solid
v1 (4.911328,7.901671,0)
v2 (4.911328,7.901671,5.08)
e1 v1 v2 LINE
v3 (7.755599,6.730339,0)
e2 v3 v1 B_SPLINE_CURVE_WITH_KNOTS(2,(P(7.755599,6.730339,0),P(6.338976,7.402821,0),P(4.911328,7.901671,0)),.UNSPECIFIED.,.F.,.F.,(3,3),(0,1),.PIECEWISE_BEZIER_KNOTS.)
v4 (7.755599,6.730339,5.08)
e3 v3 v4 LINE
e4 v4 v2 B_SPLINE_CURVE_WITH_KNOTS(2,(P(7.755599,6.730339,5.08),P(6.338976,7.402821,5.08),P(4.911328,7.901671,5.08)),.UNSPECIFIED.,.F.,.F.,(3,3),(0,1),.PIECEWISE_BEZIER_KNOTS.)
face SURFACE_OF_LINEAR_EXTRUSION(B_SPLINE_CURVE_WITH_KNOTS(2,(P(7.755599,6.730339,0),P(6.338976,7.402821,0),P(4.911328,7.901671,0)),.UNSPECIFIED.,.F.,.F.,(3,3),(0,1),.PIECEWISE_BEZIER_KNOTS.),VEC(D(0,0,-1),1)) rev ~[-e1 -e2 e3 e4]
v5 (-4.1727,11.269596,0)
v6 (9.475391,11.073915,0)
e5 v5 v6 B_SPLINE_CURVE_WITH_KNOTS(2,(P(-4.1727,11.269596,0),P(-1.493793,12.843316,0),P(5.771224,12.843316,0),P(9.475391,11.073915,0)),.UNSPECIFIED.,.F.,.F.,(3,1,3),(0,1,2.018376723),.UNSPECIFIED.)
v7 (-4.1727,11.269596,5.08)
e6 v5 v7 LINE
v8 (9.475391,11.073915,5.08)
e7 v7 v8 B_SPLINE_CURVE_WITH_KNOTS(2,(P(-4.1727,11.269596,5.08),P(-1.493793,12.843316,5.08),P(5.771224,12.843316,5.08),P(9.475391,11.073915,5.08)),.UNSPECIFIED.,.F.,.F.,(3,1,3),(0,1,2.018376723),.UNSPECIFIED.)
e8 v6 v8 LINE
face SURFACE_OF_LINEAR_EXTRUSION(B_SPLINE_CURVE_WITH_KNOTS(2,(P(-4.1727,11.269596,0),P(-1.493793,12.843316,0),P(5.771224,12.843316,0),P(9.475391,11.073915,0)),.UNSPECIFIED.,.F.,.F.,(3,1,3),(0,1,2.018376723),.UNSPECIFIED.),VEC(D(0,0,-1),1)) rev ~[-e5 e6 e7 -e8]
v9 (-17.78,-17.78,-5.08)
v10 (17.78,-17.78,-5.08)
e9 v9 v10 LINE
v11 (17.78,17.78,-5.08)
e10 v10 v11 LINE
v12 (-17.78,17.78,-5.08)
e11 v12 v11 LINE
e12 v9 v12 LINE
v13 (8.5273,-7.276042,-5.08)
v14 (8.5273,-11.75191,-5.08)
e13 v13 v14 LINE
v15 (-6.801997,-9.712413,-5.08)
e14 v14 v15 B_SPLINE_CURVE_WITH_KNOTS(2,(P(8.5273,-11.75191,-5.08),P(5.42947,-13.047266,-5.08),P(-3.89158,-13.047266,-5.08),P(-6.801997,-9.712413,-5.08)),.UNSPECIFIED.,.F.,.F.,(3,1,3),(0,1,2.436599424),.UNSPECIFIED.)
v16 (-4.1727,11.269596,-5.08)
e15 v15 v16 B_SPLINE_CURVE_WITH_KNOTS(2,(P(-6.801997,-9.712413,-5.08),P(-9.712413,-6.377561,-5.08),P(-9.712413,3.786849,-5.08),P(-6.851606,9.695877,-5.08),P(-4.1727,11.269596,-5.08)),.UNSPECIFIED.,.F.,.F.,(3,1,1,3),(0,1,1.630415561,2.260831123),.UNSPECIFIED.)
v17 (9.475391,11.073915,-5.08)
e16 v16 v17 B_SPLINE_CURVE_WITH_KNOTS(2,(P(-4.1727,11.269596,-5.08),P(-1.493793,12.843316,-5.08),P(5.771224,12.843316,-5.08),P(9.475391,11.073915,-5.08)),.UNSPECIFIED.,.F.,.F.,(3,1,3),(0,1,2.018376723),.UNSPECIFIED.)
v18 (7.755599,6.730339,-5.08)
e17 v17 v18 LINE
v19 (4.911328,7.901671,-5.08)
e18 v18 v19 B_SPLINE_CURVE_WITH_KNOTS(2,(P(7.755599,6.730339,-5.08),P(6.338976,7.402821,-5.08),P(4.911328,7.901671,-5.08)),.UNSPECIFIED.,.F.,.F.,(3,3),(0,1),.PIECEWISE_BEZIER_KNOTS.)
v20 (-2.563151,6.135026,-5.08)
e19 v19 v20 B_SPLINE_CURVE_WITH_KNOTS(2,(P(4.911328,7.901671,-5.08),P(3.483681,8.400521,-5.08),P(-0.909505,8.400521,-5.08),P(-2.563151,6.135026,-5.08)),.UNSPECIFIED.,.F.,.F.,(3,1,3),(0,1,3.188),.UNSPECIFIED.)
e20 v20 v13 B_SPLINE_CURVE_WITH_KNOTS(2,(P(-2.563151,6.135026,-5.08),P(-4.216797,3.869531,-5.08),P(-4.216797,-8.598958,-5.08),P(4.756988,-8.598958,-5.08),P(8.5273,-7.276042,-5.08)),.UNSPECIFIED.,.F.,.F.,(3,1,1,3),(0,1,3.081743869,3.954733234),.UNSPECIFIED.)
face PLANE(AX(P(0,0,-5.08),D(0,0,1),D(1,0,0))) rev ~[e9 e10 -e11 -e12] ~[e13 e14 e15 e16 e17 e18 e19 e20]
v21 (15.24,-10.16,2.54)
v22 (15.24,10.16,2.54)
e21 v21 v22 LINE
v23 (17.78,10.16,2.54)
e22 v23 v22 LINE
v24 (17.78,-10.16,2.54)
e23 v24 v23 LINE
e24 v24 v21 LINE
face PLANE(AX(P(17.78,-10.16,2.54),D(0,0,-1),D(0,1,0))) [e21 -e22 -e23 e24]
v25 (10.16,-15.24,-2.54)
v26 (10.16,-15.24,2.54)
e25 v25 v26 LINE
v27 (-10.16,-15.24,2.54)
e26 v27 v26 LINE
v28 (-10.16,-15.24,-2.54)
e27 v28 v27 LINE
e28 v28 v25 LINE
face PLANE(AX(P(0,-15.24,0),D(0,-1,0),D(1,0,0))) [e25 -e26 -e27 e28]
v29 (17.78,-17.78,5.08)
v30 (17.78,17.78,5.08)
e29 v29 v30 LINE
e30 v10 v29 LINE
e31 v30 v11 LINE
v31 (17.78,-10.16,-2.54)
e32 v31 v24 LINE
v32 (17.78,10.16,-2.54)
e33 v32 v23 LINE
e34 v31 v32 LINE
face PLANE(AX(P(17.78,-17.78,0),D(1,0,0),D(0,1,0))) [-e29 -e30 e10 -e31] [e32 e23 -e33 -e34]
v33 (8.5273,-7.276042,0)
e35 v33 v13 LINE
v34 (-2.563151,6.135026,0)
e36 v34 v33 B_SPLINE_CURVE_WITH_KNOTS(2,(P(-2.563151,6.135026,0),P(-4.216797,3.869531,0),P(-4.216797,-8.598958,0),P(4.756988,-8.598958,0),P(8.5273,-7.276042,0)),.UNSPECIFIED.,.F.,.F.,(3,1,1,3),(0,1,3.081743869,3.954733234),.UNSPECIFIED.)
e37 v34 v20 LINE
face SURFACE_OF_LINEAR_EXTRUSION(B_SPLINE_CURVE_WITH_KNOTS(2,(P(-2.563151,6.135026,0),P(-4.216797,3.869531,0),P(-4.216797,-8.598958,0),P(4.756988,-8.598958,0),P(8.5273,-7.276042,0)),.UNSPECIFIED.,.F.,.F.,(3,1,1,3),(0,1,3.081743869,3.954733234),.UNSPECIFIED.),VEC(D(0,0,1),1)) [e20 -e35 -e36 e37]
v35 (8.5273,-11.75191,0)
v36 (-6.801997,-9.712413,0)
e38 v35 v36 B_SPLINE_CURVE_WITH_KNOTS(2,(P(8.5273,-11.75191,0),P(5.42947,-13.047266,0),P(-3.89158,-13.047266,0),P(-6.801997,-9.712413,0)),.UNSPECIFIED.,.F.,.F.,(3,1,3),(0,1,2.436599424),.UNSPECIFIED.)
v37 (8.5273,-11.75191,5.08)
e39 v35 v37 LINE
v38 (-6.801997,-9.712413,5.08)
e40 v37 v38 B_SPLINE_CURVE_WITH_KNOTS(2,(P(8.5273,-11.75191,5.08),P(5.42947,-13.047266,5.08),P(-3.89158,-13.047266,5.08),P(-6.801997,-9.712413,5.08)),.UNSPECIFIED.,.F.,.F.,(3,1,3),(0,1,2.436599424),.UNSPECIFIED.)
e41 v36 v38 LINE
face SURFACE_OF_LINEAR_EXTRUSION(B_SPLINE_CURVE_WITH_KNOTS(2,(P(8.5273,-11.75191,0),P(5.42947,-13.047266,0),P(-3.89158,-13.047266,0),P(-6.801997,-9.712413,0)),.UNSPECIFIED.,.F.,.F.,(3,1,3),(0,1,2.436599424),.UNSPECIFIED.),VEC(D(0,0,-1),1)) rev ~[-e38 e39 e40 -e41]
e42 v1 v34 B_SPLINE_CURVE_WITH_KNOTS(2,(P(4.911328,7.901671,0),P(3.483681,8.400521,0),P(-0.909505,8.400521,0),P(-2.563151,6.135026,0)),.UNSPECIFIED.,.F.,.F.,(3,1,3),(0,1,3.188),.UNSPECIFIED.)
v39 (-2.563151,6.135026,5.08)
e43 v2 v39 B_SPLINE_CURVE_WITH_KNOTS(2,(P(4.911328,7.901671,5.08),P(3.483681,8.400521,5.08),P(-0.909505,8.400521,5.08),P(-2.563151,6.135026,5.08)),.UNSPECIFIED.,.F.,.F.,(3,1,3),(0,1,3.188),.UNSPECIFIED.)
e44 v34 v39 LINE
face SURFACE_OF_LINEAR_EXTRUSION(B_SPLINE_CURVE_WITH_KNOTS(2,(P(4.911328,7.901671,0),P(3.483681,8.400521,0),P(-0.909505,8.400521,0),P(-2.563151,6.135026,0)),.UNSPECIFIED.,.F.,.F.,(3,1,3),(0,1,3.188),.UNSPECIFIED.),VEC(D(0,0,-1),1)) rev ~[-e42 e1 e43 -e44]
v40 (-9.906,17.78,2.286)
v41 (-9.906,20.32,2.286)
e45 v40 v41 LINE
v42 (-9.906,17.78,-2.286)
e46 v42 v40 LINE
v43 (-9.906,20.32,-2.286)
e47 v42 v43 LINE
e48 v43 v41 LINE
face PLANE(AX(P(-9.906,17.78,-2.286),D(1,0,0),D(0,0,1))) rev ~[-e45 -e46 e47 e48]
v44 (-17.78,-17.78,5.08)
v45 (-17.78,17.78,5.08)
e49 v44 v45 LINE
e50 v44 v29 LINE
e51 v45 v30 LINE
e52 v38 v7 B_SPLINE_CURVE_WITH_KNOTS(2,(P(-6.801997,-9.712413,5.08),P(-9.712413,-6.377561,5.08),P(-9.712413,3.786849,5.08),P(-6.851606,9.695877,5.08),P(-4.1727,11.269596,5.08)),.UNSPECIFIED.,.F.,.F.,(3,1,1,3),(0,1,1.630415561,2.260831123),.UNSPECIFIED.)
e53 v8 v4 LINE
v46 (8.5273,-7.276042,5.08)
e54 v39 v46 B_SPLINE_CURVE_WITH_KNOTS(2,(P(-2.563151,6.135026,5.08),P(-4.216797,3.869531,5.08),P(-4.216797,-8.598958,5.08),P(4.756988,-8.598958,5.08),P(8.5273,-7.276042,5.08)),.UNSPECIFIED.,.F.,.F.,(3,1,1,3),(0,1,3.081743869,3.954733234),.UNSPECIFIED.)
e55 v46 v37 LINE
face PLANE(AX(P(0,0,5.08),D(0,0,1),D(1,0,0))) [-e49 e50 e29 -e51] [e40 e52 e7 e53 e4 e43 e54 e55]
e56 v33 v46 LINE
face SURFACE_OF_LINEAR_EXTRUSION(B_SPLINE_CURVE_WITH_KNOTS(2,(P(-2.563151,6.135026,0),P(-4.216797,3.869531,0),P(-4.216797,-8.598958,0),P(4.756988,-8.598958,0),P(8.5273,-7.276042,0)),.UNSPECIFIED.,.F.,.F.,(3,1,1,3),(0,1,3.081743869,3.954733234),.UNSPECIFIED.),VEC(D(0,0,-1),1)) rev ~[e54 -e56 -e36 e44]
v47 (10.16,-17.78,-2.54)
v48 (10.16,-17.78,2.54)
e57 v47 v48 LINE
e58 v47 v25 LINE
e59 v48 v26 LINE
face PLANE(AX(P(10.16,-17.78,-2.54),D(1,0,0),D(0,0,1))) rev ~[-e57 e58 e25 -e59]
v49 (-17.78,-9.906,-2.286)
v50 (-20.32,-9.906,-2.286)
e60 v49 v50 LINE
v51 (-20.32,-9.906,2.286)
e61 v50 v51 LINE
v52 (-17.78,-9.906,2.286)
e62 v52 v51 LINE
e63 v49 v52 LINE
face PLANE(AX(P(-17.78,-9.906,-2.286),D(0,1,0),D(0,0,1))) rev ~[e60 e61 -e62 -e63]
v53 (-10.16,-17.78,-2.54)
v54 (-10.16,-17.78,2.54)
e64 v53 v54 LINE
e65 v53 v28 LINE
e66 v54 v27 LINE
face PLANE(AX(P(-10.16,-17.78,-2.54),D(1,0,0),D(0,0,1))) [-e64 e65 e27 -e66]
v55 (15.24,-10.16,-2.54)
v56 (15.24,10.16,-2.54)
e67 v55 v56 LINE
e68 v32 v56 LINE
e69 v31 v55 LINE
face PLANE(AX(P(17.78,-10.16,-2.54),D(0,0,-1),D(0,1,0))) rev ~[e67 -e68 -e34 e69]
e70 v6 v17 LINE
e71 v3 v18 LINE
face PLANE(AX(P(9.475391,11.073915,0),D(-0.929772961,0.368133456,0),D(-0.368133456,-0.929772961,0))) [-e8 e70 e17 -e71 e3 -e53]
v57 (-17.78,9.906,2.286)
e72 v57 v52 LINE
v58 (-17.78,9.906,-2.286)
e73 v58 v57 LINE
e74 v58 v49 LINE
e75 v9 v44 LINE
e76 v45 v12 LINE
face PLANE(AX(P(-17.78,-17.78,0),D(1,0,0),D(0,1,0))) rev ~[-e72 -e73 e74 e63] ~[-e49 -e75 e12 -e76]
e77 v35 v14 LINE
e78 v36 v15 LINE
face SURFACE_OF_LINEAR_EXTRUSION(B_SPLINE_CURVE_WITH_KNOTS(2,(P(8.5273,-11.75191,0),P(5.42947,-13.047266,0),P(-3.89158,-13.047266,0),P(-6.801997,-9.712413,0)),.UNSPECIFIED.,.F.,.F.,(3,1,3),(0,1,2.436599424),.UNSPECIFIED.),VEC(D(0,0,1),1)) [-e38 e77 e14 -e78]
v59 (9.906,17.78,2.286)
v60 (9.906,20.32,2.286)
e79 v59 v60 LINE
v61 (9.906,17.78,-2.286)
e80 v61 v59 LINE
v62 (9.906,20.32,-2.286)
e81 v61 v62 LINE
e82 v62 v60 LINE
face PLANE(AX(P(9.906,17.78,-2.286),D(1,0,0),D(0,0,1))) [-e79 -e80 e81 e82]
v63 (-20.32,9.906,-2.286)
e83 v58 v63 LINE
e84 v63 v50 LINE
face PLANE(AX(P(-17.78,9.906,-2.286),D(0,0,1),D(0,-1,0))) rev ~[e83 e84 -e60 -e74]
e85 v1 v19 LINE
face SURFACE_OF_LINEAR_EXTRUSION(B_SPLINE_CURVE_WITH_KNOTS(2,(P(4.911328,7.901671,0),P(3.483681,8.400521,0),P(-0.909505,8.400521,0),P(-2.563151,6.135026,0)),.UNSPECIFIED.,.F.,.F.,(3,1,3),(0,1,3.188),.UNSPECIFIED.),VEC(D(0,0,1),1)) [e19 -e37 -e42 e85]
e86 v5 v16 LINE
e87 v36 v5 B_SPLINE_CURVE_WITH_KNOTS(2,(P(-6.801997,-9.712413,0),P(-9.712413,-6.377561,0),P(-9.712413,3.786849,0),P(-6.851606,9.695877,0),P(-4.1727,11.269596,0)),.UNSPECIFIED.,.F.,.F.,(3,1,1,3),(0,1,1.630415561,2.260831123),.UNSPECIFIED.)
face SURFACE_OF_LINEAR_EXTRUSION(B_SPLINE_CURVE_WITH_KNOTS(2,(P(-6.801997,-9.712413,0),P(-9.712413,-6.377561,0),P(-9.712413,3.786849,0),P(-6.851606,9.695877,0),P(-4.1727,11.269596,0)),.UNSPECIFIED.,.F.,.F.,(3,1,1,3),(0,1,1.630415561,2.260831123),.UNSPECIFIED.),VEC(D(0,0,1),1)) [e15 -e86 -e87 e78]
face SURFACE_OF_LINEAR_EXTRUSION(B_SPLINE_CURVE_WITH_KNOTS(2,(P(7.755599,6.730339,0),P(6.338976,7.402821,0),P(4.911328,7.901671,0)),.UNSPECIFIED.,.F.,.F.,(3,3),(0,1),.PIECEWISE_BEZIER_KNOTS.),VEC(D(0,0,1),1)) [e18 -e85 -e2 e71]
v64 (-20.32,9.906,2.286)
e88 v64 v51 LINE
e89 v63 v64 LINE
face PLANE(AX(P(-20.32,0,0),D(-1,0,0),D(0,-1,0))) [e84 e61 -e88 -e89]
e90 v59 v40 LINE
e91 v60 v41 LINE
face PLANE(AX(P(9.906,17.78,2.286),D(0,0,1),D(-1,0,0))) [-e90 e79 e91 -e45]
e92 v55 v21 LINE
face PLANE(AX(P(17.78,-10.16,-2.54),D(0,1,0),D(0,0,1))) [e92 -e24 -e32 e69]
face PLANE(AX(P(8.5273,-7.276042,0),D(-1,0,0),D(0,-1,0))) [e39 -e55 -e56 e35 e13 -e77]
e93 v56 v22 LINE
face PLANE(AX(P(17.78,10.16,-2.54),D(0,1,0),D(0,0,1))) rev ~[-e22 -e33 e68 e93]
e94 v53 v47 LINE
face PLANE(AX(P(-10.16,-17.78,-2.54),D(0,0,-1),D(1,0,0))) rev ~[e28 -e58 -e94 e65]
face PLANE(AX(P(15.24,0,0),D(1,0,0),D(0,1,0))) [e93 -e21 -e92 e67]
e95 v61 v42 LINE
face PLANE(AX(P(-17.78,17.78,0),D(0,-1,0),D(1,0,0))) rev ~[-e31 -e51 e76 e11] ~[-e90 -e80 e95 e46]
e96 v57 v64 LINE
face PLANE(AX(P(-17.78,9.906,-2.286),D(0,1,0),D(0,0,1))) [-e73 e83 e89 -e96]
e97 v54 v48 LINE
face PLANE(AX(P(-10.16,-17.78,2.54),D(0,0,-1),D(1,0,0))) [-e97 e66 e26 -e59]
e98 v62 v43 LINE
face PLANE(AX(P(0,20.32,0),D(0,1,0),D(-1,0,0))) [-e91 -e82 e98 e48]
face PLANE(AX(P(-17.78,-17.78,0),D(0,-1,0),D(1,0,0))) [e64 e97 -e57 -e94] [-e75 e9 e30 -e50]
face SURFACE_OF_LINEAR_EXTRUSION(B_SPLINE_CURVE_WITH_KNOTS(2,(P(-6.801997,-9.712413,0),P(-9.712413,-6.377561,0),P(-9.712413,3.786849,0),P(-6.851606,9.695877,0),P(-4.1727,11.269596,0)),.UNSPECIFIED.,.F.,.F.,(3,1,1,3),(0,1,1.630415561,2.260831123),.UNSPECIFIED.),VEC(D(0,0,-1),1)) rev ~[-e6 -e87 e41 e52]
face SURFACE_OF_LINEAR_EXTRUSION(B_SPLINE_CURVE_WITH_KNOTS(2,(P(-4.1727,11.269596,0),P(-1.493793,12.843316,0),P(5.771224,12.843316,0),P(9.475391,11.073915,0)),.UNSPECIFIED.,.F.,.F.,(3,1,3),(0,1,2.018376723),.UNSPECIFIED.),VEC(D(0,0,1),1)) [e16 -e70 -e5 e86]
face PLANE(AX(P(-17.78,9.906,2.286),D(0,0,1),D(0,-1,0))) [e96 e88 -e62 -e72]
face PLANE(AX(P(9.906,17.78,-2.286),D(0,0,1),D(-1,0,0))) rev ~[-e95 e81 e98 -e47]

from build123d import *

# Parameters (mm, degrees)
F0_W     = 35.56
F0_H     = 35.56
F1_DEPTH = 5.08
F2_W     = 19.812
F2_H     = 4.572
F3_DEPTH = 2.54
F4_W     = 19.812
F4_H     = 4.572
F5_DEPTH = 2.54
F6_W     = 20.32
F6_H     = 5.08
F7_DEPTH = 2.54
F8_W     = 20.32
F8_H     = 5.08
F9_DEPTH = 2.54


with BuildPart() as f1:
    # F0 (on Top) → F1 (new body, symmetric)
    with BuildSketch(Plane.XY):
        Rectangle(F0_W, F0_H)
        with BuildLine():
            add(Edge.make_bspline(
                [(4.911328125, 7.9016710069), (3.4836805556, 8.4005208333), (2.1056423611, 8.4005208333)],
                knots=[0, 0, 0, 1, 1, 1], degree=2))
            add(Edge.make_bspline(
                [(2.1056423611, 8.4005208333), (-0.9095052083, 8.4005208333), (-2.5631510417, 6.1350260417)],
                knots=[0, 0, 0, 1, 1, 1], degree=2))
            add(Edge.make_bspline(
                [(-2.5631510417, 6.1350260417), (-4.216796875, 3.86953125), (-4.216796875, -0.1763888889)],
                knots=[0, 0, 0, 1, 1, 1], degree=2))
            add(Edge.make_bspline(
                [(-4.216796875, -0.1763888889), (-4.216796875, -8.5989583333), (2.1056423611, -8.5989583333)],
                knots=[0, 0, 0, 1, 1, 1], degree=2))
            add(Edge.make_bspline(
                [(2.1056423611, -8.5989583333), (4.7569878472, -8.5989583333), (8.5273003472, -7.2760416667)],
                knots=[0, 0, 0, 1, 1, 1], degree=2))
            Line((8.5273003472, -7.2760416667), (8.5273003472, -11.7519097222))
            add(Edge.make_bspline(
                [(8.5273003472, -11.7519097222), (5.4294704861, -13.047265625), (1.6040364583, -13.047265625)],
                knots=[0, 0, 0, 1, 1, 1], degree=2))
            add(Edge.make_bspline(
                [(1.6040364583, -13.047265625), (-3.8915798611, -13.047265625), (-6.8019965278, -9.7124131944)],
                knots=[0, 0, 0, 1, 1, 1], degree=2))
            add(Edge.make_bspline(
                [(-6.8019965278, -9.7124131944), (-9.7124131944, -6.3775607639), (-9.7124131944, -0.1433159722)],
                knots=[0, 0, 0, 1, 1, 1], degree=2))
            add(Edge.make_bspline(
                [(-9.7124131944, -0.1433159722), (-9.7124131944, 3.7868489583), (-8.2820095486, 6.7413628472)],
                knots=[0, 0, 0, 1, 1, 1], degree=2))
            add(Edge.make_bspline(
                [(-8.2820095486, 6.7413628472), (-6.8516059028, 9.6958767361), (-4.1726996528, 11.2695963542)],
                knots=[0, 0, 0, 1, 1, 1], degree=2))
            add(Edge.make_bspline(
                [(-4.1726996528, 11.2695963542), (-1.4937934028, 12.8433159722), (2.1056423611, 12.8433159722)],
                knots=[0, 0, 0, 1, 1, 1], degree=2))
            add(Edge.make_bspline(
                [(2.1056423611, 12.8433159722), (5.7712239583, 12.8433159722), (9.475390625, 11.0739149306)],
                knots=[0, 0, 0, 1, 1, 1], degree=2))
            Line((9.475390625, 11.0739149306), (7.7555989583, 6.7303385417))
            add(Edge.make_bspline(
                [(7.7555989583, 6.7303385417), (6.3389756944, 7.4028211806), (4.911328125, 7.9016710069)],
                knots=[0, 0, 0, 1, 1, 1], degree=2))
        make_face(mode=Mode.SUBTRACT)
    extrude(amount=F1_DEPTH, both=True)

    # F2 (on face) → F3 (join)
    with BuildSketch(Plane(origin=(0, 17.78, 0), x_dir=(-1, 0, 0), z_dir=(0, 1, 0))):
        Rectangle(F2_W, F2_H)
    extrude(amount=F3_DEPTH)

    # F4 (on face) → F5 (join)
    with BuildSketch(Plane(origin=(-17.78, 0, 0), x_dir=(0, -1, 0), z_dir=(-1, 0, 0))):
        Rectangle(F4_W, F4_H)
    extrude(amount=F5_DEPTH)

    # F6 (on face) → F7 (cut)
    with BuildSketch(Plane.XZ.offset(17.78)):
        Rectangle(F6_W, F6_H)
    extrude(amount=-F7_DEPTH, mode=Mode.SUBTRACT)

    # F8 (on face) → F9 (cut)
    with BuildSketch(Plane.YZ.offset(17.78)):
        Rectangle(F8_W, F8_H)
    extrude(amount=-F9_DEPTH, mode=Mode.SUBTRACT)


solid = f1.part
